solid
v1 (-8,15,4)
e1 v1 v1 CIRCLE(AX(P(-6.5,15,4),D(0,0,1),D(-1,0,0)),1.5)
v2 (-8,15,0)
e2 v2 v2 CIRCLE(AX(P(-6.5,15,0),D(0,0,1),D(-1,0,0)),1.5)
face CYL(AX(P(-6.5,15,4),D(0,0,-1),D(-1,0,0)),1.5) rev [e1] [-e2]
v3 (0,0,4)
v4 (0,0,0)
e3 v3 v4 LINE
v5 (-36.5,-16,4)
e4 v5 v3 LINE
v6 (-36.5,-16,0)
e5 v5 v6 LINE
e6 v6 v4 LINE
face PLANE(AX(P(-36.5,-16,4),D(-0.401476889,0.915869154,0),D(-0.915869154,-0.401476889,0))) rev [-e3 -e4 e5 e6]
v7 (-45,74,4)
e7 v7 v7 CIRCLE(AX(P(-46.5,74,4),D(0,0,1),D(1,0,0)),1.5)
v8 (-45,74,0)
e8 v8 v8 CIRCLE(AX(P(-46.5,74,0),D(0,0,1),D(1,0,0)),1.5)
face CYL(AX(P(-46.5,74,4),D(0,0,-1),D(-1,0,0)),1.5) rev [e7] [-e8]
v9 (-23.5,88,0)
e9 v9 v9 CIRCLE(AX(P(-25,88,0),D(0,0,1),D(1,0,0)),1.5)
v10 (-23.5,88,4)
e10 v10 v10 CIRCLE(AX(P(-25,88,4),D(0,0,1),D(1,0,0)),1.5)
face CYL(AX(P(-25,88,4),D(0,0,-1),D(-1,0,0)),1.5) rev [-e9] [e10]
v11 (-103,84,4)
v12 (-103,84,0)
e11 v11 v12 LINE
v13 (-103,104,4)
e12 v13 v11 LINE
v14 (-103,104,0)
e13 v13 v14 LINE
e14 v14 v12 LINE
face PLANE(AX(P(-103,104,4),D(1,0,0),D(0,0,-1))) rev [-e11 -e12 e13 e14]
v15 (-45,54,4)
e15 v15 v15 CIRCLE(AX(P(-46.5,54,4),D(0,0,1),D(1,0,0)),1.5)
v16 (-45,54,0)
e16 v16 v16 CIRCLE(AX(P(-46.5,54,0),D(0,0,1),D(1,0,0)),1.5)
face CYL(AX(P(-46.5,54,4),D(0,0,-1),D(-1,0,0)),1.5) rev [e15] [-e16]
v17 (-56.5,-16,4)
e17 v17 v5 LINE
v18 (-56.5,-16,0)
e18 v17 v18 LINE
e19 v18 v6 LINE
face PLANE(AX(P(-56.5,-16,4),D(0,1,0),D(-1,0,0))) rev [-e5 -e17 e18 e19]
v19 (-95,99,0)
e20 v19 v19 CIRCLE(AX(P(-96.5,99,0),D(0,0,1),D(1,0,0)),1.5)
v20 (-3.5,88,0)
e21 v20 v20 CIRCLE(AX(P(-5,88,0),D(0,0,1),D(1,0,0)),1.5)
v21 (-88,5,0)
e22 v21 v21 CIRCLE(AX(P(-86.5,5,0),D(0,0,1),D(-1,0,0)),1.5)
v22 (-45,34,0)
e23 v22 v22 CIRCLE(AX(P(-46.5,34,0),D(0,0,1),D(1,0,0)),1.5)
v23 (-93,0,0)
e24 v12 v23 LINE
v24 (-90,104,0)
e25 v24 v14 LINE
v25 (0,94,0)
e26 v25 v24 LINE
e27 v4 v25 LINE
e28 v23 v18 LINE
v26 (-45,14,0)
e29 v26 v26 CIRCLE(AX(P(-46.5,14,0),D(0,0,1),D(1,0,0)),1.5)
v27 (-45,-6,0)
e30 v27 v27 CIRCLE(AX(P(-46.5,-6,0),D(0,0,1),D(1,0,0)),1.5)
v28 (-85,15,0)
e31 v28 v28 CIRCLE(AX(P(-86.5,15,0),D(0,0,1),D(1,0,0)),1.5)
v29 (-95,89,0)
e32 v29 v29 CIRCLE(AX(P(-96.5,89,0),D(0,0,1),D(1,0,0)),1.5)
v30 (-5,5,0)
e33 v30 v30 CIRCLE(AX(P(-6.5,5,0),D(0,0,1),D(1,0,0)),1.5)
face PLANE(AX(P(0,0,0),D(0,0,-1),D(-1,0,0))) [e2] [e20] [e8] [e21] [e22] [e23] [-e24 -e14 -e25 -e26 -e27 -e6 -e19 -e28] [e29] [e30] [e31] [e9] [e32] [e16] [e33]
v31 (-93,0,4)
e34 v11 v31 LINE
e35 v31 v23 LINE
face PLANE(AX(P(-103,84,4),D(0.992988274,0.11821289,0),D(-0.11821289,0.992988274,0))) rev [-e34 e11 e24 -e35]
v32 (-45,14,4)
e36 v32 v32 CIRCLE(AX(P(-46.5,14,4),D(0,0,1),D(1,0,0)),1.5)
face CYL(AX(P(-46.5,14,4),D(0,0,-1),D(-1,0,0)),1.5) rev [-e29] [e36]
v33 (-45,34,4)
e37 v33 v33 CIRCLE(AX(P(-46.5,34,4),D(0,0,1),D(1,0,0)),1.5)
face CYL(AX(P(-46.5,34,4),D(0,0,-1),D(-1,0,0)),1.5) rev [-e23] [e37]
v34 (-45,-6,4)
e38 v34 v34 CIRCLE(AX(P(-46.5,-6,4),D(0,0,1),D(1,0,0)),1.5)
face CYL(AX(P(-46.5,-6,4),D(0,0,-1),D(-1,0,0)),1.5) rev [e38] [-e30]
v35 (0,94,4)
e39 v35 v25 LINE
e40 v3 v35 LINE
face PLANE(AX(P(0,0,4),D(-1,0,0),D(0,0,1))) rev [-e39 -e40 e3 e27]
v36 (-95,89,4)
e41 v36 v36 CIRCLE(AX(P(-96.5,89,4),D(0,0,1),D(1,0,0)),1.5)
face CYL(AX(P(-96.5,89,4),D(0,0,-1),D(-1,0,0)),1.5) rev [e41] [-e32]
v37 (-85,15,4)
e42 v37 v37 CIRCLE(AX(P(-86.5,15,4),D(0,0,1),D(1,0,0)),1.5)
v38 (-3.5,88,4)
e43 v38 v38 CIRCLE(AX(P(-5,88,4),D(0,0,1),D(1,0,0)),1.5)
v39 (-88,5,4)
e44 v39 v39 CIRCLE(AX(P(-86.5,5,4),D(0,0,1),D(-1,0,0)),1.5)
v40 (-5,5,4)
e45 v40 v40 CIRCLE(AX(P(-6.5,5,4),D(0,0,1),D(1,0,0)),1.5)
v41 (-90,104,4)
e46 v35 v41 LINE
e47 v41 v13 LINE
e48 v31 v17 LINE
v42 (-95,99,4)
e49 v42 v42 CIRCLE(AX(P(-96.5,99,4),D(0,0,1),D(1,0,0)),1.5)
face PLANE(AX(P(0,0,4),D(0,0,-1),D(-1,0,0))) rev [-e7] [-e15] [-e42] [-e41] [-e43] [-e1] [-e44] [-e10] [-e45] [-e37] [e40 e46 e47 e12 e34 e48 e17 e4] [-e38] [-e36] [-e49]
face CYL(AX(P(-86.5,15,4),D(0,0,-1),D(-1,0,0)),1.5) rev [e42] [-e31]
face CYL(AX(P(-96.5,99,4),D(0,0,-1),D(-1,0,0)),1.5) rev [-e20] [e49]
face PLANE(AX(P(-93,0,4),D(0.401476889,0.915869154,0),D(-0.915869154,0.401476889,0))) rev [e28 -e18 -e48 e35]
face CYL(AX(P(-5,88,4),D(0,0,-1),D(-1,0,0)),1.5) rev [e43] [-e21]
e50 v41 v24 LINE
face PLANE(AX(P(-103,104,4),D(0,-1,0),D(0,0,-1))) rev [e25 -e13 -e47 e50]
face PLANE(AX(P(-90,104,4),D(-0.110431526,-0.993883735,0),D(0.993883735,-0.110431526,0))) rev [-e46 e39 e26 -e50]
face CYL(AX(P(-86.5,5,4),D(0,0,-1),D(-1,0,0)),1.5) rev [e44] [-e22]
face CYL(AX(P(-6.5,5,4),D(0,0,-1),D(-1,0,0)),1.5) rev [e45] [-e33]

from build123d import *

# Parameters (mm, degrees)
SKETCH_1_R      = 1.5
EXTRUDE_1_DEPTH = 4


with BuildPart() as part:
    # 草图1 → 凸台-拉伸1 (new body)
    with BuildSketch(Plane.XY):
        Polygon((0, 0), (0, 94), (-90, 104), (-103, 104), (-103, 84), (-93, 0), (-56.5, -16), (-36.5, -16), align=None)
        with Locations((-86.5, 15)):
            Circle(SKETCH_1_R, mode=Mode.SUBTRACT)
        with Locations(Location((-86.5, 5, 0), (0, 0, 180))):
            Circle(SKETCH_1_R, mode=Mode.SUBTRACT)
        with Locations((-6.5, 5)):
            Circle(SKETCH_1_R, mode=Mode.SUBTRACT)
        with Locations(Location((-6.5, 15, 0), (0, 0, 180))):
            Circle(SKETCH_1_R, mode=Mode.SUBTRACT)
        with Locations((-96.5, 99)):
            Circle(SKETCH_1_R, mode=Mode.SUBTRACT)
        with Locations((-96.5, 89)):
            Circle(SKETCH_1_R, mode=Mode.SUBTRACT)
        with Locations((-46.5, 14)):
            Circle(SKETCH_1_R, mode=Mode.SUBTRACT)
        with Locations((-46.5, 34)):
            Circle(SKETCH_1_R, mode=Mode.SUBTRACT)
        with Locations((-46.5, 54)):
            Circle(SKETCH_1_R, mode=Mode.SUBTRACT)
        with Locations((-46.5, 74)):
            Circle(SKETCH_1_R, mode=Mode.SUBTRACT)
        with Locations((-46.5, -6)):
            Circle(SKETCH_1_R, mode=Mode.SUBTRACT)
        with Locations((-25, 88)):
            Circle(SKETCH_1_R, mode=Mode.SUBTRACT)
        with Locations((-5, 88)):
            Circle(SKETCH_1_R, mode=Mode.SUBTRACT)
    extrude(amount=EXTRUDE_1_DEPTH)


solid = part.part
